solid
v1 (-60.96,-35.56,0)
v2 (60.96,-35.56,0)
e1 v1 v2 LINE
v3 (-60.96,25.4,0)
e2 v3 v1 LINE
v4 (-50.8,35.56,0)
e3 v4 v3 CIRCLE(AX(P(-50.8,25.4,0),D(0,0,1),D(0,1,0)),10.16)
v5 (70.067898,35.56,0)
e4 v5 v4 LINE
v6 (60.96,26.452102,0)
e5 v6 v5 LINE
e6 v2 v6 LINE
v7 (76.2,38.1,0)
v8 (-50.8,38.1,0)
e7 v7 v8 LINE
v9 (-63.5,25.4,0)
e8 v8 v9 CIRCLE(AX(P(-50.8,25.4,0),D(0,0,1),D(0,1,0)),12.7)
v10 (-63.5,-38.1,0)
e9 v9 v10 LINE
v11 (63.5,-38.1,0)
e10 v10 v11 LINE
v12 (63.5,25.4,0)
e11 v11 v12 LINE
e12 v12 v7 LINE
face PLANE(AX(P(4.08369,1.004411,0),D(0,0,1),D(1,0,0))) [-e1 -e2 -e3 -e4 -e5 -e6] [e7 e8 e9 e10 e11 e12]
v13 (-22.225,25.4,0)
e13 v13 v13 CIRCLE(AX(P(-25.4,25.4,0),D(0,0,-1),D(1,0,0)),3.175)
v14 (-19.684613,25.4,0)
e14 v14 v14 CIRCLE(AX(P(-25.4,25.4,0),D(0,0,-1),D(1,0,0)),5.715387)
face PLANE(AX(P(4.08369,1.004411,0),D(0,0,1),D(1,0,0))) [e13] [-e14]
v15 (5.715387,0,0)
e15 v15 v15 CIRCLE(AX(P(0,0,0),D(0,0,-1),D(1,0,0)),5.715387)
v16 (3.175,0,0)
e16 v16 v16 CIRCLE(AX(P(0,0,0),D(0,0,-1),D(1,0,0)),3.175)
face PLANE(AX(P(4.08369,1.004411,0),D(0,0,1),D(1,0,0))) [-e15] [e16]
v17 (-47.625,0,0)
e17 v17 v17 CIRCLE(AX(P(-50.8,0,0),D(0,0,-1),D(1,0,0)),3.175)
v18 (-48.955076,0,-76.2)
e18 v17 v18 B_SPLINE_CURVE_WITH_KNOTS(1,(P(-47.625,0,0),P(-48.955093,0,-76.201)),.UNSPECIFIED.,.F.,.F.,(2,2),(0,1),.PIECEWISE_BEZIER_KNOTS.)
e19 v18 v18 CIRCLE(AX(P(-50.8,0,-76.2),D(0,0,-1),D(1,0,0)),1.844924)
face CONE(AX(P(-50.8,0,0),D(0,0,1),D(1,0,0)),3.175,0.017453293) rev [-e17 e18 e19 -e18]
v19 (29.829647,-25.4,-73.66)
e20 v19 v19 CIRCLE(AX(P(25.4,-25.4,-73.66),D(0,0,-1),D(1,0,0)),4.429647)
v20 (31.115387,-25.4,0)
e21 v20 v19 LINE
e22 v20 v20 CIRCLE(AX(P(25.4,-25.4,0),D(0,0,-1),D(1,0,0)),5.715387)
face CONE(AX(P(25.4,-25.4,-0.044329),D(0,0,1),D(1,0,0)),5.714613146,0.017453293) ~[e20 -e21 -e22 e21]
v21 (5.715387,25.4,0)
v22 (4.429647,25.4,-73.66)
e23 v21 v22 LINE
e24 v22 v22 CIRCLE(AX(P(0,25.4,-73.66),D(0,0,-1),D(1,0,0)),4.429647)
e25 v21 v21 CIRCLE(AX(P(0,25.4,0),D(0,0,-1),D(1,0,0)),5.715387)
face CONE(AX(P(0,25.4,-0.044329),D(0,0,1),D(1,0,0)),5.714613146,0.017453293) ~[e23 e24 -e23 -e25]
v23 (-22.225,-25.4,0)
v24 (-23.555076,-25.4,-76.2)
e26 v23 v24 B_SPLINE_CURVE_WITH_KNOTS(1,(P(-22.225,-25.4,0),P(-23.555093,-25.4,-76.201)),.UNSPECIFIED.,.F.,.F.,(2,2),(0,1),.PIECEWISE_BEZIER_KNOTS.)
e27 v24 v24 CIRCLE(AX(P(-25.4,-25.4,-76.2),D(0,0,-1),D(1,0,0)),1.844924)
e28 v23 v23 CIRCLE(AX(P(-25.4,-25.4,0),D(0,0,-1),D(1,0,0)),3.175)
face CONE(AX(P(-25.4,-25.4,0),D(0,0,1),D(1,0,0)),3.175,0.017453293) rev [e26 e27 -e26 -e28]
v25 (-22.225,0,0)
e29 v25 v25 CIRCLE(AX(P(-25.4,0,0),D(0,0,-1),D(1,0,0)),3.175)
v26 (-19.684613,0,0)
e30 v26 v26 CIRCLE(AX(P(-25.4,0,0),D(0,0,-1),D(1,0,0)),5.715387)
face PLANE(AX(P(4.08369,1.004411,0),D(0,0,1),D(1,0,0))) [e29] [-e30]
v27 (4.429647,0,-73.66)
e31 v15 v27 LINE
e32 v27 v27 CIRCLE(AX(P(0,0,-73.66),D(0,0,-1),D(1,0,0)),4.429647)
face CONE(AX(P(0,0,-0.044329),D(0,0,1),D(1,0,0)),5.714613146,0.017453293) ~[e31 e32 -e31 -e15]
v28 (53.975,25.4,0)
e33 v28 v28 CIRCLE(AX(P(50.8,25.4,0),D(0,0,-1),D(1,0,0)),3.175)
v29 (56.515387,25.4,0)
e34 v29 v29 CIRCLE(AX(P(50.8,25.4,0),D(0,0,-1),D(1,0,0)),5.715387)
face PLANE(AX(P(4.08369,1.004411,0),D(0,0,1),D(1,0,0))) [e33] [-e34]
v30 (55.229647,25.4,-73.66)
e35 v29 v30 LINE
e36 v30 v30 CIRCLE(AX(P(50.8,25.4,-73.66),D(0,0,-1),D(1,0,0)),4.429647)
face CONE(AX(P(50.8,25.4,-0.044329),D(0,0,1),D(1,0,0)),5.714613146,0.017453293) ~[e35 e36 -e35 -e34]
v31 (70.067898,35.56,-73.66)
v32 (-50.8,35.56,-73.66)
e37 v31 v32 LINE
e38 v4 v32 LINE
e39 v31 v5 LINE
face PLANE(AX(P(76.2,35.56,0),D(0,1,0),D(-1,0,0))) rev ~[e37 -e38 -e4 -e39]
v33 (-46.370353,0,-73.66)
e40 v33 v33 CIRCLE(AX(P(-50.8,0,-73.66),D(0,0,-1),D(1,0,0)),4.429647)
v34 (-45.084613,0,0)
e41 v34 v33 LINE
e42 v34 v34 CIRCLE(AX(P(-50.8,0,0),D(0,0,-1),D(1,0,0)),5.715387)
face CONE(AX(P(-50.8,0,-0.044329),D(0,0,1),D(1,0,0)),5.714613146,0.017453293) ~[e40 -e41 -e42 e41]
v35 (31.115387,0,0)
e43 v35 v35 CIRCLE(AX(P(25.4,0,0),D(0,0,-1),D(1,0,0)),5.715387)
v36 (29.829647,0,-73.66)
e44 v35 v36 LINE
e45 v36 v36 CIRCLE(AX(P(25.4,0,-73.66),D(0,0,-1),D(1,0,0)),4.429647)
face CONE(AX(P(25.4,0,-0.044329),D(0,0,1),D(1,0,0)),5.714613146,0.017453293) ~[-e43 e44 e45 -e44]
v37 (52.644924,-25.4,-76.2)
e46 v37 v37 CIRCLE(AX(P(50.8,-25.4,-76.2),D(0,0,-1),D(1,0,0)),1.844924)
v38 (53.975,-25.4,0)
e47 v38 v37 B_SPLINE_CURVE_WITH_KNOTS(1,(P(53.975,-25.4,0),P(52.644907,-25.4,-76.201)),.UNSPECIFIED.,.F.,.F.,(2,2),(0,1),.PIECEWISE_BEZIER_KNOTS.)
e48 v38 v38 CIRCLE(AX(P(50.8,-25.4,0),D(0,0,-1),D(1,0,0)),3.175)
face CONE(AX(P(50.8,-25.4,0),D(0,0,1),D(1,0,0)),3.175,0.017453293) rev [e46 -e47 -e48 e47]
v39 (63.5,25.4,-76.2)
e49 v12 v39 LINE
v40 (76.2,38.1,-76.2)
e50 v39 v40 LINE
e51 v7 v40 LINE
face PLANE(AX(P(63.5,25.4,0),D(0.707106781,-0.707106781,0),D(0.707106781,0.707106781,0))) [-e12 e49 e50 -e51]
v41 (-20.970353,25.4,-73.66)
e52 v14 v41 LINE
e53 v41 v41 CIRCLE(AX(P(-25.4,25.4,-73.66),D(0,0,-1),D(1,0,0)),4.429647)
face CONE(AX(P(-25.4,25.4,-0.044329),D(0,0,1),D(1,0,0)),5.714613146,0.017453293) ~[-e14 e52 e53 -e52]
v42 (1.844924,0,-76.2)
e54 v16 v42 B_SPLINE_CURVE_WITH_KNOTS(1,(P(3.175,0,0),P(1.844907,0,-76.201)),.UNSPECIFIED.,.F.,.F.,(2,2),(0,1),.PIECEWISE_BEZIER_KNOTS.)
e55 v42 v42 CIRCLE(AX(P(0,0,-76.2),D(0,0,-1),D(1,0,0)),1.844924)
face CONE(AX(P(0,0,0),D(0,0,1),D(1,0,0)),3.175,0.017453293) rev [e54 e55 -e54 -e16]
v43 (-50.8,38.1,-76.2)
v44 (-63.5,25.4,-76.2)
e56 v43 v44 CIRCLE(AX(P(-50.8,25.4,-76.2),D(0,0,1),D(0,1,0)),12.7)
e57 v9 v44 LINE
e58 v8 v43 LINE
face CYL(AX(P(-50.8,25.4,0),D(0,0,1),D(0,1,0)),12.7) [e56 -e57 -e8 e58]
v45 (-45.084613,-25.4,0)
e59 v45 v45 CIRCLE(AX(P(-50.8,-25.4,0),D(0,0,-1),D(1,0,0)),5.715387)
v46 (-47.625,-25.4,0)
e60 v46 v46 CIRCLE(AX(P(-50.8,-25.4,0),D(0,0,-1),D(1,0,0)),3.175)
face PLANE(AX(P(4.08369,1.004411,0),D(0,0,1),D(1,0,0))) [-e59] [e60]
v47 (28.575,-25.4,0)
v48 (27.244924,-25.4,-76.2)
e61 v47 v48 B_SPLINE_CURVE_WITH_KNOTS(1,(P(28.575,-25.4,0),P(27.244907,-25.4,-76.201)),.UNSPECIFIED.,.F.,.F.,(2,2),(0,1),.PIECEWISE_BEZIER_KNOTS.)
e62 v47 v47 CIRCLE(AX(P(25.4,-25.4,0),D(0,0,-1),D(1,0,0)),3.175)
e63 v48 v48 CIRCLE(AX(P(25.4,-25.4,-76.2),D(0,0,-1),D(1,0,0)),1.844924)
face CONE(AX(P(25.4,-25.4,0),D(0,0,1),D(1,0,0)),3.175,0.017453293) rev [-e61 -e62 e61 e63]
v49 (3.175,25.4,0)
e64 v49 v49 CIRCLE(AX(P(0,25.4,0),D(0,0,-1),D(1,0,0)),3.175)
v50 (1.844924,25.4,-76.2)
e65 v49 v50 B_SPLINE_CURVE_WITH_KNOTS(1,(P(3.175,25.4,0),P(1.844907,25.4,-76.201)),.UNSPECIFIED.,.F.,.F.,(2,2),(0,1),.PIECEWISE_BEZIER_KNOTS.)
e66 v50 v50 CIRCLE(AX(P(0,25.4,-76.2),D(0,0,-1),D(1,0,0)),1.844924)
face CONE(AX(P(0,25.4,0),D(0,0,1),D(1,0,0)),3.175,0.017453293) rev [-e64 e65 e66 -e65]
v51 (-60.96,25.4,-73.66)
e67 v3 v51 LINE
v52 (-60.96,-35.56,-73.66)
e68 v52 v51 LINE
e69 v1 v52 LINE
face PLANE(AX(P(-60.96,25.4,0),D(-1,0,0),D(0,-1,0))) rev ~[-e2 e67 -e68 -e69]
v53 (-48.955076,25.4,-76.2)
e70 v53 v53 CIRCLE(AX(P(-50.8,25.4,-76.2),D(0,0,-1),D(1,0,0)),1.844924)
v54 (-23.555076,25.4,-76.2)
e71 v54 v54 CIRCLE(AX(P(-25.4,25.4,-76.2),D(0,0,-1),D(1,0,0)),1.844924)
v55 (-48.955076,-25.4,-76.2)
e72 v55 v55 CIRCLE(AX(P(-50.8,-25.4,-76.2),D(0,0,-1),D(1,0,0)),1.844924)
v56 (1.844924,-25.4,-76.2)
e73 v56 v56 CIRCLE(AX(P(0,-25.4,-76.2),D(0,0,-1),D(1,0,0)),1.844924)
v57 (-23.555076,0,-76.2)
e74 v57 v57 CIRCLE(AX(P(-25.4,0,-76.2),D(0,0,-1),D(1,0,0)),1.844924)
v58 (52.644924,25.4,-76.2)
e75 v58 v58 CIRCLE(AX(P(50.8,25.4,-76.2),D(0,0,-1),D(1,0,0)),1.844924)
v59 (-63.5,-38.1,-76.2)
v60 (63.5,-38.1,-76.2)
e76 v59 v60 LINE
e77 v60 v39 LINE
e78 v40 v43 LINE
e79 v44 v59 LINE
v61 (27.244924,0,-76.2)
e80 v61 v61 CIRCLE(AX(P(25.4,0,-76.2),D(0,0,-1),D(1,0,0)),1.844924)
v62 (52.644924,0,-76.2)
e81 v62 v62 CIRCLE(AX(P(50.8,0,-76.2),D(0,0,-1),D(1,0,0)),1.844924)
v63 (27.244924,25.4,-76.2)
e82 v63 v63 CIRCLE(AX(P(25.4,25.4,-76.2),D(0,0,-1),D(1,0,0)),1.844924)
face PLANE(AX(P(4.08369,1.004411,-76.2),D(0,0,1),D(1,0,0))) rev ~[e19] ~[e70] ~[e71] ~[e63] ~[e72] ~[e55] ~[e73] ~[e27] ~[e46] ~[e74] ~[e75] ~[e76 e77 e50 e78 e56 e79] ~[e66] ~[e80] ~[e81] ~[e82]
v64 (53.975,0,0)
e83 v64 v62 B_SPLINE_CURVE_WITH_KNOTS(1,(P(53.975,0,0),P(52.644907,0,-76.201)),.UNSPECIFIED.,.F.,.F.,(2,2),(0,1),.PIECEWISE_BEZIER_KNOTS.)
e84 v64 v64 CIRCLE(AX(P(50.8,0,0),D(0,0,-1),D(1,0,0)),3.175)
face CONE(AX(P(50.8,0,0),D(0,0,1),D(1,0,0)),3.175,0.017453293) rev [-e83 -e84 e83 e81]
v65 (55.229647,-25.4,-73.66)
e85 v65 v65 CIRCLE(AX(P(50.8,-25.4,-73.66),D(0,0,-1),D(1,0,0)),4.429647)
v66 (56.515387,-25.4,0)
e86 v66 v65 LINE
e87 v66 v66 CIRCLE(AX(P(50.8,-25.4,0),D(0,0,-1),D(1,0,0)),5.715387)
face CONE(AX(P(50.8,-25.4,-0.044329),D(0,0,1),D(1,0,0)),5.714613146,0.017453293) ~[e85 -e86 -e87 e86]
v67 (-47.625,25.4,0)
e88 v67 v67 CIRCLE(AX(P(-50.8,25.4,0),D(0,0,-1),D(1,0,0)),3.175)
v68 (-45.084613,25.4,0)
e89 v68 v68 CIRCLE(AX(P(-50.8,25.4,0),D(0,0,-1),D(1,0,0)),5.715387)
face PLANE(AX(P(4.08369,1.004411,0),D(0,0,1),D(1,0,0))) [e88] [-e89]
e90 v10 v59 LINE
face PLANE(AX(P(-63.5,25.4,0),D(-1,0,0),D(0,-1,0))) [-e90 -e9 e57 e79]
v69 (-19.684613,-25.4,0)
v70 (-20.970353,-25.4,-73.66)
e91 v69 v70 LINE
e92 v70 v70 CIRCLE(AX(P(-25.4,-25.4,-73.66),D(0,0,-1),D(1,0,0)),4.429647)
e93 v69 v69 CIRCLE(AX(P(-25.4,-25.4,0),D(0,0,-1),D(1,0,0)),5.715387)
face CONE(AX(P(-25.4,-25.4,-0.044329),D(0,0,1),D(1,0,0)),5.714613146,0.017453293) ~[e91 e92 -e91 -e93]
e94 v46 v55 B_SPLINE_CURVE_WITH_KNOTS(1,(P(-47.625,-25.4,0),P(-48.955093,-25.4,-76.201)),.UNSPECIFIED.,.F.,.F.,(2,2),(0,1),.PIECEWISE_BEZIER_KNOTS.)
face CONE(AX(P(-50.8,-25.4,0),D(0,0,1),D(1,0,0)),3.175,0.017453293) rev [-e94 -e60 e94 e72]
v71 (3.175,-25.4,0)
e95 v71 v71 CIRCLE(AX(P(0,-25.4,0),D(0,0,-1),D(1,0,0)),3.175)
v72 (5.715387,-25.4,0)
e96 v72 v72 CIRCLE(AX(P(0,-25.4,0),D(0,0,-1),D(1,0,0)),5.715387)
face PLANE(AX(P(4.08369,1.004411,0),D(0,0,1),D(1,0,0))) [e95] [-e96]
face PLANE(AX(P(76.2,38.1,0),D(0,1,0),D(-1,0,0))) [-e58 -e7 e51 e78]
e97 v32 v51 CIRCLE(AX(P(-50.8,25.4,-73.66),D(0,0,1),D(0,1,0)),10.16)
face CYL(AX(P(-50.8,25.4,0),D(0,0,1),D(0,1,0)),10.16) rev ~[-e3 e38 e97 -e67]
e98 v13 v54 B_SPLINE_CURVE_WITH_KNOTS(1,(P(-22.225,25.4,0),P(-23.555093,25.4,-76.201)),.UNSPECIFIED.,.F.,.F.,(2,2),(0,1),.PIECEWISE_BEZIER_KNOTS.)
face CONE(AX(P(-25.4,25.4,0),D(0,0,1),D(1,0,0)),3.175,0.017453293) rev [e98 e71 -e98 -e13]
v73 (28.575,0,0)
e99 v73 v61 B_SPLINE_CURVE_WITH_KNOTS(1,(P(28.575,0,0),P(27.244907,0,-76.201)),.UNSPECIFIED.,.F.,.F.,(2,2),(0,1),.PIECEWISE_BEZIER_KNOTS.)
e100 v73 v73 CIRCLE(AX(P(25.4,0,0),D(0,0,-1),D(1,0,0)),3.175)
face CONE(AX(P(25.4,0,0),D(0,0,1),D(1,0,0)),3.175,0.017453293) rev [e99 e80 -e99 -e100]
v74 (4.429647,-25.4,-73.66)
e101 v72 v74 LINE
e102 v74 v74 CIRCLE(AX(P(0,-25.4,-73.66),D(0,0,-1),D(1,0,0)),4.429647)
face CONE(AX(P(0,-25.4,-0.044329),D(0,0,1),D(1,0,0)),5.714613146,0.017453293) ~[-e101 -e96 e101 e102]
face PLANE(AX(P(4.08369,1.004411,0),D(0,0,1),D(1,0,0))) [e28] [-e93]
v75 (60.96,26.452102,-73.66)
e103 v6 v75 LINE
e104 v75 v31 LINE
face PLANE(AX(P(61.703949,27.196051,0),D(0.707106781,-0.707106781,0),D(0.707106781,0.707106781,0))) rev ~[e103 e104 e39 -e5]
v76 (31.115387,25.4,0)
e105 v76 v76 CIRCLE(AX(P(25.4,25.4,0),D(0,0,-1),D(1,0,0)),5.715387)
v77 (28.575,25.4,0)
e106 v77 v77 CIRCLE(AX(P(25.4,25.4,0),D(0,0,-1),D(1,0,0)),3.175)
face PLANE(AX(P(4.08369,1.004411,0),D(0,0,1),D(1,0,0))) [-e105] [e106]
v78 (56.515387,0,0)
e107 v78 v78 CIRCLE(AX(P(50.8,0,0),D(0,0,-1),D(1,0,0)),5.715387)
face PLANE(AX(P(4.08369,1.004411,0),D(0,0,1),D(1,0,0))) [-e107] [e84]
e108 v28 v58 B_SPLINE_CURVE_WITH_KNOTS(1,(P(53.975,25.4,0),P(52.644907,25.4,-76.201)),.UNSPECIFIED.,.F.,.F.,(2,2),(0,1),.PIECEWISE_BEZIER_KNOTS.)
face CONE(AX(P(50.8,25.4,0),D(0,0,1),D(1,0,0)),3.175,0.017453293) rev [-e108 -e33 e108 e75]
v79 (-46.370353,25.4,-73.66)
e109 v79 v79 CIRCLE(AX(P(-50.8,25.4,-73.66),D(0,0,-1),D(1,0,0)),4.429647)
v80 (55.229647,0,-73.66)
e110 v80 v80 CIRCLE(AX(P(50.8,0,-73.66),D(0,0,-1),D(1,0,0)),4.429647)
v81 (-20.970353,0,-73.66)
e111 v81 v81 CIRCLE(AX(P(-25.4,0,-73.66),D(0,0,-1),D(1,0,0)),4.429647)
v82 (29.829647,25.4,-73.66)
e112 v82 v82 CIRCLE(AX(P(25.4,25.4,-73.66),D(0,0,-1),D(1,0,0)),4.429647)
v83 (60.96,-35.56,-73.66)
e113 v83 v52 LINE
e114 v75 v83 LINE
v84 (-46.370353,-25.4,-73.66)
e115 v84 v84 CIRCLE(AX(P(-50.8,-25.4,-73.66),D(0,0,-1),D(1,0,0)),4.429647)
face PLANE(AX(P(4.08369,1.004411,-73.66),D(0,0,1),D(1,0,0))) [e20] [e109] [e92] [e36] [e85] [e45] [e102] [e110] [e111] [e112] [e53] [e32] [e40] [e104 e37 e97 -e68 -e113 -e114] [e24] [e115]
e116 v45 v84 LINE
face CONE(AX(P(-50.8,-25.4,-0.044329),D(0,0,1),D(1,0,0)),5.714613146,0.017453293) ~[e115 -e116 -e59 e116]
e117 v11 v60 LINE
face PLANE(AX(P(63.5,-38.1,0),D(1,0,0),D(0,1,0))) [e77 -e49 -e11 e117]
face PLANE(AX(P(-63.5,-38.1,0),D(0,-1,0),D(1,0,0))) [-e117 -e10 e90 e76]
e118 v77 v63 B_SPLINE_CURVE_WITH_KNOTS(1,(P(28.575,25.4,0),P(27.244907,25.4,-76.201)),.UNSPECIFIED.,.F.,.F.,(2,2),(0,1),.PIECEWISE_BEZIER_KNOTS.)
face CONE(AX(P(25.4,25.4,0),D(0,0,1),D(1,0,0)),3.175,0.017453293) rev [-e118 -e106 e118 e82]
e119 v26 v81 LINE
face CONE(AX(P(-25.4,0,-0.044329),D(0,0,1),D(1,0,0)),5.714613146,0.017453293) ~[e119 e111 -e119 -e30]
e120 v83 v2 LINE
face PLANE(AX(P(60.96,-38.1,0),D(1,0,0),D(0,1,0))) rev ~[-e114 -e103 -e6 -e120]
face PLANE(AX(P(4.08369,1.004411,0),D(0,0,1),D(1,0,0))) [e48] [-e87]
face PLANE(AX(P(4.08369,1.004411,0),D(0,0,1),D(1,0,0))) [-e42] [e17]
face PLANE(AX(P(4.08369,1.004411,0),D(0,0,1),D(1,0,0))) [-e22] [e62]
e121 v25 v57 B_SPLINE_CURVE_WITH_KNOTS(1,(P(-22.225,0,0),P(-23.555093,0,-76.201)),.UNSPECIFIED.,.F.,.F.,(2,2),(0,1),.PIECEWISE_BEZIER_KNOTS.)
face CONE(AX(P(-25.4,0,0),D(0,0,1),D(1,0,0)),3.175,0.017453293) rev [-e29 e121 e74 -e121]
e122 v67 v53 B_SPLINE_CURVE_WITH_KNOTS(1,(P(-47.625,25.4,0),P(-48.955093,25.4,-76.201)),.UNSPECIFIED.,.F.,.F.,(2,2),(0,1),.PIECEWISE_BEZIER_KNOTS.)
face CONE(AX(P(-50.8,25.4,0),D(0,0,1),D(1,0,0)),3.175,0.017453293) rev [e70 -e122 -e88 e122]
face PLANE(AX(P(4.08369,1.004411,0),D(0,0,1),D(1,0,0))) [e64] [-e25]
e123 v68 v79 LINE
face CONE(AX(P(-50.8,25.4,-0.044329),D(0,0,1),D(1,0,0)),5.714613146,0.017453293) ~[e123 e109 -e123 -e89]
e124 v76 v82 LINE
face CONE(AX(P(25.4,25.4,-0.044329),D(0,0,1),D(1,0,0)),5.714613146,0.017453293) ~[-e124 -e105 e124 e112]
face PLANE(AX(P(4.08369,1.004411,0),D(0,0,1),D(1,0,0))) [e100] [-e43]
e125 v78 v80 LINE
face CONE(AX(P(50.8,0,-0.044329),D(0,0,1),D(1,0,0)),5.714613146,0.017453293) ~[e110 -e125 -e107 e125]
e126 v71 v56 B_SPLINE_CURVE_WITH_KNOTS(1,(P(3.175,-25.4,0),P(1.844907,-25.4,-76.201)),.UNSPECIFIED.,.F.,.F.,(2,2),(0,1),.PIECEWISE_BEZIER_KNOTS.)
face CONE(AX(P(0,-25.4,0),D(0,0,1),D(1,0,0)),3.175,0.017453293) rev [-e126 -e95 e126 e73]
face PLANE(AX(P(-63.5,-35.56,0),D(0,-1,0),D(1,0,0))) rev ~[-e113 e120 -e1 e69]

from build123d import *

# Parameters (mm, degrees)
F1_DEPTH = 76.2
F2_R     = 3.175
F3_DEPTH = 76.201
F3_TAPER = 1
F4_T     = -2.54


with BuildPart() as f1:
    # F0 (on Top) → F1 (new body)
    with BuildSketch(Plane.XY):
        with BuildLine():
            Line((-63.5, -38.1), (63.5, -38.1))
            Line((63.5, -38.1), (63.5, 25.4))
            Line((63.5, 25.4), (76.2, 38.1))
            Line((76.2, 38.1), (-50.8, 38.1))
            ThreePointArc((-50.8, 38.1), (-59.7802561211, 34.3802561211), (-63.5, 25.4))
            Line((-63.5, 25.4), (-63.5, -38.1))
        make_face()
    extrude(amount=-F1_DEPTH)

    # F2 (on face) → F3 (cut, through all)
    with BuildSketch(Plane.XY):
        with Locations((-50.8, 25.4)):
            Circle(F2_R)
        with Locations((-50.8, 0)):
            Circle(F2_R)
        with Locations((-50.8, -25.4)):
            Circle(F2_R)
        with Locations((-25.4, 25.4)):
            Circle(F2_R)
        with Locations((-25.4, 0)):
            Circle(F2_R)
        with Locations((-25.4, -25.4)):
            Circle(F2_R)
        with Locations((0, 25.4)):
            Circle(F2_R)
        Circle(F2_R)
        with Locations((0, -25.4)):
            Circle(F2_R)
        with Locations((25.4, 25.4)):
            Circle(F2_R)
        with Locations((25.4, 0)):
            Circle(F2_R)
        with Locations((25.4, -25.4)):
            Circle(F2_R)
        with Locations((50.8, 25.4)):
            Circle(F2_R)
        with Locations((50.8, 0)):
            Circle(F2_R)
        with Locations((50.8, -25.4)):
            Circle(F2_R)
    extrude(amount=-F3_DEPTH, taper=F3_TAPER, mode=Mode.SUBTRACT)

    # F4
    f4_openings = [f1.faces().sort_by_distance(p)[0] for p in [
        (0, -36.508695, 0),
    ]]
    offset(amount=F4_T, openings=f4_openings, kind=Kind.INTERSECTION)


solid = f1.part
